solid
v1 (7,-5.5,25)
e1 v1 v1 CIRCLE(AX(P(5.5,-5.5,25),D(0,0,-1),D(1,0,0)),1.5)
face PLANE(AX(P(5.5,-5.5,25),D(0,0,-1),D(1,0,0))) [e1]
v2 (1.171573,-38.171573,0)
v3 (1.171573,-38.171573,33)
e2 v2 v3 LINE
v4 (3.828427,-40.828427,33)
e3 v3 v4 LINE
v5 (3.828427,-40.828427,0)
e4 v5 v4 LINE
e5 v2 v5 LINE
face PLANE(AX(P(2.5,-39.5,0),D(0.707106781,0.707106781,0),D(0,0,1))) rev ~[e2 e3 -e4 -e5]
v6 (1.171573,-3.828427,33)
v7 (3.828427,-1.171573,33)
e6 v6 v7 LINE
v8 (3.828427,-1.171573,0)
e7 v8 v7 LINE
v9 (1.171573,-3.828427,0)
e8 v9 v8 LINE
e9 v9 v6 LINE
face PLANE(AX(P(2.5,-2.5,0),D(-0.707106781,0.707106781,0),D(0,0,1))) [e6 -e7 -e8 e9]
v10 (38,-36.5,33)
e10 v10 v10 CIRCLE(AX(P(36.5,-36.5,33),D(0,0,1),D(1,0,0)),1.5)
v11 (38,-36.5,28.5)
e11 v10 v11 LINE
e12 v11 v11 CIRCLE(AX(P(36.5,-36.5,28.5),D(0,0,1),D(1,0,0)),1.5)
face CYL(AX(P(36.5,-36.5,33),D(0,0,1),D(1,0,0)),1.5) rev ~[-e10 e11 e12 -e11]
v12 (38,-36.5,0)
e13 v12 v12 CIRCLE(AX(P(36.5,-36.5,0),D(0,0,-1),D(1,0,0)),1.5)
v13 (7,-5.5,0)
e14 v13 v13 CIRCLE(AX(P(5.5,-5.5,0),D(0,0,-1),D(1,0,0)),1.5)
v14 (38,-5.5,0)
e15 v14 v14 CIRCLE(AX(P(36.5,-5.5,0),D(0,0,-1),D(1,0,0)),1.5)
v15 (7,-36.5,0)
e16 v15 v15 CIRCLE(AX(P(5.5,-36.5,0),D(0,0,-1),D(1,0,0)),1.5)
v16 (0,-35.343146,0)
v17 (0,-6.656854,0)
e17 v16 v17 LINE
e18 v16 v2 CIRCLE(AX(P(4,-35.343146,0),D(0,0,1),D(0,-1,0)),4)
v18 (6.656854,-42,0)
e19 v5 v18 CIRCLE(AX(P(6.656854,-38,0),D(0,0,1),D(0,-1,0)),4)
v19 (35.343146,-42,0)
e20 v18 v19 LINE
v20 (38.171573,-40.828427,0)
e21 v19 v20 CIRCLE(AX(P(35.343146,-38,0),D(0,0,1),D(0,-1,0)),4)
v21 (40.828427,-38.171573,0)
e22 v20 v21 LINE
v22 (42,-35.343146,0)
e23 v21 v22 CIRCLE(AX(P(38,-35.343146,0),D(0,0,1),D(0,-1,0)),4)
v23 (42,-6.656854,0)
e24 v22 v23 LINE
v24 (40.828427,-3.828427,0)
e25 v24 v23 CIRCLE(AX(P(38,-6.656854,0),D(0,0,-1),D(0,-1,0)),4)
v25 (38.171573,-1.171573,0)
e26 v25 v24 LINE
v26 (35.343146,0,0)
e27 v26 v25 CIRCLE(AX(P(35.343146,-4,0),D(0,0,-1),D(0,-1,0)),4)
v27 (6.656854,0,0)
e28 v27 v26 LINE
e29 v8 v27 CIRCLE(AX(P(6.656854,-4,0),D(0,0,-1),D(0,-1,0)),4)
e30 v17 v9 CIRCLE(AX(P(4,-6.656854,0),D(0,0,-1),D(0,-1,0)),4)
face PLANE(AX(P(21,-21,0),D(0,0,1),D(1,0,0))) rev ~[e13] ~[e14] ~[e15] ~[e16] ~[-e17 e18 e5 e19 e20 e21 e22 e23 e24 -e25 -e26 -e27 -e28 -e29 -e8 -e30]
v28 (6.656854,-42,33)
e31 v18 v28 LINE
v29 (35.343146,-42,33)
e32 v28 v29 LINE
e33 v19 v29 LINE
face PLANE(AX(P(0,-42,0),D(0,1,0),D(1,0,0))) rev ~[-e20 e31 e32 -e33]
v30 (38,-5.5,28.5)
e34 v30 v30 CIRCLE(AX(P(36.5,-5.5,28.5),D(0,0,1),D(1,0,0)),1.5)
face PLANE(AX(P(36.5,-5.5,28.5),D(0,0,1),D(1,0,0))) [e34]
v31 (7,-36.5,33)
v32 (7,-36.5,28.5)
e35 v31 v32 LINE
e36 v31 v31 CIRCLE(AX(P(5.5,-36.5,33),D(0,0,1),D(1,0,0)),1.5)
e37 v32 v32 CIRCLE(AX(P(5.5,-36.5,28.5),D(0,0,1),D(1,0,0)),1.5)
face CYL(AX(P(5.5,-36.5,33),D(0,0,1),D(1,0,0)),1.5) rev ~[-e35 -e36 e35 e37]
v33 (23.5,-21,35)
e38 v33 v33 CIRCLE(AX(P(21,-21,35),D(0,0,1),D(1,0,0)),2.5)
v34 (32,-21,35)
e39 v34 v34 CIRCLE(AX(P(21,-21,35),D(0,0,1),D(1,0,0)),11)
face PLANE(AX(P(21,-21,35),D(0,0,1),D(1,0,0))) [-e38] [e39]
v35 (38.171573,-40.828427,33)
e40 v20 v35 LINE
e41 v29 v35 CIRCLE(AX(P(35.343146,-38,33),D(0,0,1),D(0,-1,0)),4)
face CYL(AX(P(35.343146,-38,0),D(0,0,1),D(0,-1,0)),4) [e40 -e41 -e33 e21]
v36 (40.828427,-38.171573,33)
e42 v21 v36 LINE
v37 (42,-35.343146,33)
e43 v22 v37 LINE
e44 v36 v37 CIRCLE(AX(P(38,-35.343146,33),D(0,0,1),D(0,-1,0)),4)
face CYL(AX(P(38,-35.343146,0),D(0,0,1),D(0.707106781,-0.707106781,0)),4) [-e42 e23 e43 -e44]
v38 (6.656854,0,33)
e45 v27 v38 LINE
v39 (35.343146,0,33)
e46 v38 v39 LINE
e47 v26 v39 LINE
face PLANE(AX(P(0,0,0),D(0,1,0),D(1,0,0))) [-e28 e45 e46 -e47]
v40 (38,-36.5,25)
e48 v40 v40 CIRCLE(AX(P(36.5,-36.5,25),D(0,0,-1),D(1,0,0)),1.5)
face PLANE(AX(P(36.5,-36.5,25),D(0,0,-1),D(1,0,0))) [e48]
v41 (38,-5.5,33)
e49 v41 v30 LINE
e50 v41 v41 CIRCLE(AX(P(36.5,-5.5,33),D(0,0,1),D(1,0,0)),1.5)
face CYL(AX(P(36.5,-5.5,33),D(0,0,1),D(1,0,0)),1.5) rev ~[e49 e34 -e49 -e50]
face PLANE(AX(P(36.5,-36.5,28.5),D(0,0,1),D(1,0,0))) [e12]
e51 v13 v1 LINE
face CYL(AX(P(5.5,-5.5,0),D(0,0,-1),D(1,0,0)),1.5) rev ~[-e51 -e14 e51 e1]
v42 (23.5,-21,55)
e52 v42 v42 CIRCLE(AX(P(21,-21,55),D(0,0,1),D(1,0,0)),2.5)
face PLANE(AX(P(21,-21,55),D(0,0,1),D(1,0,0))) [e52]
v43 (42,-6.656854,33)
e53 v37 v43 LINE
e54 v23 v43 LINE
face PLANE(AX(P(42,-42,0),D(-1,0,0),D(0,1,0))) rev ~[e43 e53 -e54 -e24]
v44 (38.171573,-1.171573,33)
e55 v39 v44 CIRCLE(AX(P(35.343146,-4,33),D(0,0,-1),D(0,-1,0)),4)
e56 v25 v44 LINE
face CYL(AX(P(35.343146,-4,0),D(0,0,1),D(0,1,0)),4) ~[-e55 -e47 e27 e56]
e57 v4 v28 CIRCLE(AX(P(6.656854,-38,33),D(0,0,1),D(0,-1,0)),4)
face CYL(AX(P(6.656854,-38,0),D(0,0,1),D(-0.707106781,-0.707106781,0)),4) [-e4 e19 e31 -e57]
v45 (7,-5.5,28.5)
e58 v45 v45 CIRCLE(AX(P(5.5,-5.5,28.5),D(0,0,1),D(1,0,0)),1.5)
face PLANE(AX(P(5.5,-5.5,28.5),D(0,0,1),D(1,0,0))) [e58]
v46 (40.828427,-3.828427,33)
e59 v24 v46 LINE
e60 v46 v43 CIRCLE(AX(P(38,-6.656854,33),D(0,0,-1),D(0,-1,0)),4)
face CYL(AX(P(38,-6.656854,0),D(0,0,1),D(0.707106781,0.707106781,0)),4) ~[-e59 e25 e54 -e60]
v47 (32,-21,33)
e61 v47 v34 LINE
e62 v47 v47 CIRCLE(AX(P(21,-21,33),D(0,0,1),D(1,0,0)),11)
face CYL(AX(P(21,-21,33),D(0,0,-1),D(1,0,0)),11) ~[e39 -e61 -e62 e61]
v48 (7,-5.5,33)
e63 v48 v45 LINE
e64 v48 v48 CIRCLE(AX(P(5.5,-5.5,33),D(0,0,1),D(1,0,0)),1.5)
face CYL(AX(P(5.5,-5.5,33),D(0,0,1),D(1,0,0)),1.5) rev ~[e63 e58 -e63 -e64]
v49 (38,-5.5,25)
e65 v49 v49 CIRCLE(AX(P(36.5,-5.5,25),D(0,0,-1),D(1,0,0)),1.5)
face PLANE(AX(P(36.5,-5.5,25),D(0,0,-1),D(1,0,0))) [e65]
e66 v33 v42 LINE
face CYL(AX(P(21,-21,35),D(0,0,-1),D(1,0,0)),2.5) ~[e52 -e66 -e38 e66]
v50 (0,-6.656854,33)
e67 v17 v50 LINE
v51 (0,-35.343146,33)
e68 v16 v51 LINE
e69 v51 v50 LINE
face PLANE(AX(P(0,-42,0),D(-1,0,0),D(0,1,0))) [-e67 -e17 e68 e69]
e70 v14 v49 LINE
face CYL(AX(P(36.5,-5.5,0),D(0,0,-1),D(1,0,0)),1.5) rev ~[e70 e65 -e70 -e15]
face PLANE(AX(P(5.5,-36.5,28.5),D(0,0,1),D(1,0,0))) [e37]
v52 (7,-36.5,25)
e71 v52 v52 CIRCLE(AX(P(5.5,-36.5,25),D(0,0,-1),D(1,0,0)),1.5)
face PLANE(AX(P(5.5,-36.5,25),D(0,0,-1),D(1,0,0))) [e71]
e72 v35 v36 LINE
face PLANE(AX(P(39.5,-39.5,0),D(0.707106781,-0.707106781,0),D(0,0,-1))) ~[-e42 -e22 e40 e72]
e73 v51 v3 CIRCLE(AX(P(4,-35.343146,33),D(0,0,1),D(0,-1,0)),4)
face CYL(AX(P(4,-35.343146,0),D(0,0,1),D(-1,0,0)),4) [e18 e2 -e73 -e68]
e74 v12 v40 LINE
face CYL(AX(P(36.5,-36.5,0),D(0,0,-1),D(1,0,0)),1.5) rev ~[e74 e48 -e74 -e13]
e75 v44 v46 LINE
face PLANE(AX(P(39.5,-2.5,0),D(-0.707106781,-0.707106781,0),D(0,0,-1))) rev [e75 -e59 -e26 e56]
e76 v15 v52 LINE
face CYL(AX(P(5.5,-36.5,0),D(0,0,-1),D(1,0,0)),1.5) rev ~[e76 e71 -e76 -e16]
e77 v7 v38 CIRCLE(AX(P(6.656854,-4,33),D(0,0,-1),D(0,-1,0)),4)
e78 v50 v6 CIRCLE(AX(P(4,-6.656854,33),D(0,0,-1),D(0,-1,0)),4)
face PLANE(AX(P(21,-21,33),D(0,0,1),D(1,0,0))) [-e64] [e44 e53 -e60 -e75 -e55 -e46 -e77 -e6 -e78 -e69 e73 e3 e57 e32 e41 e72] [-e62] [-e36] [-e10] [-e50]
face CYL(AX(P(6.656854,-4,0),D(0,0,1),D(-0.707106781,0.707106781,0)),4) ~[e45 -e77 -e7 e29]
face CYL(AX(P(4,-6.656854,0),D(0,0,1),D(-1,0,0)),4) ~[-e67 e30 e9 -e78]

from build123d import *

# Parameters (mm, degrees)
F0_W      = 42
F0_H      = 42
F1_DEPTH  = 33
F2_R      = 11
F3_DEPTH  = 2
F4_R      = 2.5
F5_DEPTH  = 20
F6_R      = 1.5
F7_DEPTH  = 4.5
F8_SIZE   = 5
F9_R      = 4
F10_R     = 1.5
F11_DEPTH = 25


with BuildPart() as f1:
    # F0 (on Top) → F1 (new body)
    with BuildSketch(Plane.XY):
        with Locations((21, -21)):
            Rectangle(F0_W, F0_H)
    extrude(amount=F1_DEPTH)

    # F2 (on face) → F3 (join)
    with BuildSketch(Plane.XY.offset(33)):
        with Locations((21, -21)):
            Circle(F2_R)
    extrude(amount=F3_DEPTH)

    # F4 (on face) → F5 (join)
    with BuildSketch(Plane.XY.offset(35)):
        with Locations((21, -21)):
            Circle(F4_R)
    extrude(amount=F5_DEPTH)

    # F6 (on face) → F7 (cut)
    with BuildSketch(Plane.XY.offset(33)):
        with Locations((5.5, -5.5)):
            Circle(F6_R)
        with Locations((36.5, -5.5)):
            Circle(F6_R)
        with Locations((36.5, -36.5)):
            Circle(F6_R)
        with Locations((5.5, -36.5)):
            Circle(F6_R)
    extrude(amount=-F7_DEPTH, mode=Mode.SUBTRACT)

    # F8
    f8_edges = [f1.edges().sort_by_distance(p)[0] for p in [
        (42, 0, 16.5),
        (42, -42, 16.5),
        (0, -42, 16.5),
        (0, 0, 16.5),
    ]]
    chamfer(f8_edges, length=F8_SIZE)

    # F9
    f9_edges = [f1.edges().sort_by_distance(p)[0] for p in [
        (0, -5, 16.5),
        (5, 0, 16.5),
        (0, -37, 16.5),
        (5, -42, 16.5),
        (37, -42, 16.5),
        (42, -37, 16.5),
        (37, 0, 16.5),
        (42, -5, 16.5),
    ]]
    fillet(f9_edges, radius=F9_R)

    # F10 (on face) → F11 (cut)
    with BuildSketch(Plane(origin=(0, 0, 0), x_dir=(1, 0, 0), z_dir=(0, 0, -1))):
        with Locations((36.5, 36.5)):
            Circle(F10_R)
        with Locations((5.5, 36.5)):
            Circle(F10_R)
        with Locations((5.5, 5.5)):
            Circle(F10_R)
        with Locations((36.5, 5.5)):
            Circle(F10_R)
    extrude(amount=-F11_DEPTH, mode=Mode.SUBTRACT)


solid = f1.part
